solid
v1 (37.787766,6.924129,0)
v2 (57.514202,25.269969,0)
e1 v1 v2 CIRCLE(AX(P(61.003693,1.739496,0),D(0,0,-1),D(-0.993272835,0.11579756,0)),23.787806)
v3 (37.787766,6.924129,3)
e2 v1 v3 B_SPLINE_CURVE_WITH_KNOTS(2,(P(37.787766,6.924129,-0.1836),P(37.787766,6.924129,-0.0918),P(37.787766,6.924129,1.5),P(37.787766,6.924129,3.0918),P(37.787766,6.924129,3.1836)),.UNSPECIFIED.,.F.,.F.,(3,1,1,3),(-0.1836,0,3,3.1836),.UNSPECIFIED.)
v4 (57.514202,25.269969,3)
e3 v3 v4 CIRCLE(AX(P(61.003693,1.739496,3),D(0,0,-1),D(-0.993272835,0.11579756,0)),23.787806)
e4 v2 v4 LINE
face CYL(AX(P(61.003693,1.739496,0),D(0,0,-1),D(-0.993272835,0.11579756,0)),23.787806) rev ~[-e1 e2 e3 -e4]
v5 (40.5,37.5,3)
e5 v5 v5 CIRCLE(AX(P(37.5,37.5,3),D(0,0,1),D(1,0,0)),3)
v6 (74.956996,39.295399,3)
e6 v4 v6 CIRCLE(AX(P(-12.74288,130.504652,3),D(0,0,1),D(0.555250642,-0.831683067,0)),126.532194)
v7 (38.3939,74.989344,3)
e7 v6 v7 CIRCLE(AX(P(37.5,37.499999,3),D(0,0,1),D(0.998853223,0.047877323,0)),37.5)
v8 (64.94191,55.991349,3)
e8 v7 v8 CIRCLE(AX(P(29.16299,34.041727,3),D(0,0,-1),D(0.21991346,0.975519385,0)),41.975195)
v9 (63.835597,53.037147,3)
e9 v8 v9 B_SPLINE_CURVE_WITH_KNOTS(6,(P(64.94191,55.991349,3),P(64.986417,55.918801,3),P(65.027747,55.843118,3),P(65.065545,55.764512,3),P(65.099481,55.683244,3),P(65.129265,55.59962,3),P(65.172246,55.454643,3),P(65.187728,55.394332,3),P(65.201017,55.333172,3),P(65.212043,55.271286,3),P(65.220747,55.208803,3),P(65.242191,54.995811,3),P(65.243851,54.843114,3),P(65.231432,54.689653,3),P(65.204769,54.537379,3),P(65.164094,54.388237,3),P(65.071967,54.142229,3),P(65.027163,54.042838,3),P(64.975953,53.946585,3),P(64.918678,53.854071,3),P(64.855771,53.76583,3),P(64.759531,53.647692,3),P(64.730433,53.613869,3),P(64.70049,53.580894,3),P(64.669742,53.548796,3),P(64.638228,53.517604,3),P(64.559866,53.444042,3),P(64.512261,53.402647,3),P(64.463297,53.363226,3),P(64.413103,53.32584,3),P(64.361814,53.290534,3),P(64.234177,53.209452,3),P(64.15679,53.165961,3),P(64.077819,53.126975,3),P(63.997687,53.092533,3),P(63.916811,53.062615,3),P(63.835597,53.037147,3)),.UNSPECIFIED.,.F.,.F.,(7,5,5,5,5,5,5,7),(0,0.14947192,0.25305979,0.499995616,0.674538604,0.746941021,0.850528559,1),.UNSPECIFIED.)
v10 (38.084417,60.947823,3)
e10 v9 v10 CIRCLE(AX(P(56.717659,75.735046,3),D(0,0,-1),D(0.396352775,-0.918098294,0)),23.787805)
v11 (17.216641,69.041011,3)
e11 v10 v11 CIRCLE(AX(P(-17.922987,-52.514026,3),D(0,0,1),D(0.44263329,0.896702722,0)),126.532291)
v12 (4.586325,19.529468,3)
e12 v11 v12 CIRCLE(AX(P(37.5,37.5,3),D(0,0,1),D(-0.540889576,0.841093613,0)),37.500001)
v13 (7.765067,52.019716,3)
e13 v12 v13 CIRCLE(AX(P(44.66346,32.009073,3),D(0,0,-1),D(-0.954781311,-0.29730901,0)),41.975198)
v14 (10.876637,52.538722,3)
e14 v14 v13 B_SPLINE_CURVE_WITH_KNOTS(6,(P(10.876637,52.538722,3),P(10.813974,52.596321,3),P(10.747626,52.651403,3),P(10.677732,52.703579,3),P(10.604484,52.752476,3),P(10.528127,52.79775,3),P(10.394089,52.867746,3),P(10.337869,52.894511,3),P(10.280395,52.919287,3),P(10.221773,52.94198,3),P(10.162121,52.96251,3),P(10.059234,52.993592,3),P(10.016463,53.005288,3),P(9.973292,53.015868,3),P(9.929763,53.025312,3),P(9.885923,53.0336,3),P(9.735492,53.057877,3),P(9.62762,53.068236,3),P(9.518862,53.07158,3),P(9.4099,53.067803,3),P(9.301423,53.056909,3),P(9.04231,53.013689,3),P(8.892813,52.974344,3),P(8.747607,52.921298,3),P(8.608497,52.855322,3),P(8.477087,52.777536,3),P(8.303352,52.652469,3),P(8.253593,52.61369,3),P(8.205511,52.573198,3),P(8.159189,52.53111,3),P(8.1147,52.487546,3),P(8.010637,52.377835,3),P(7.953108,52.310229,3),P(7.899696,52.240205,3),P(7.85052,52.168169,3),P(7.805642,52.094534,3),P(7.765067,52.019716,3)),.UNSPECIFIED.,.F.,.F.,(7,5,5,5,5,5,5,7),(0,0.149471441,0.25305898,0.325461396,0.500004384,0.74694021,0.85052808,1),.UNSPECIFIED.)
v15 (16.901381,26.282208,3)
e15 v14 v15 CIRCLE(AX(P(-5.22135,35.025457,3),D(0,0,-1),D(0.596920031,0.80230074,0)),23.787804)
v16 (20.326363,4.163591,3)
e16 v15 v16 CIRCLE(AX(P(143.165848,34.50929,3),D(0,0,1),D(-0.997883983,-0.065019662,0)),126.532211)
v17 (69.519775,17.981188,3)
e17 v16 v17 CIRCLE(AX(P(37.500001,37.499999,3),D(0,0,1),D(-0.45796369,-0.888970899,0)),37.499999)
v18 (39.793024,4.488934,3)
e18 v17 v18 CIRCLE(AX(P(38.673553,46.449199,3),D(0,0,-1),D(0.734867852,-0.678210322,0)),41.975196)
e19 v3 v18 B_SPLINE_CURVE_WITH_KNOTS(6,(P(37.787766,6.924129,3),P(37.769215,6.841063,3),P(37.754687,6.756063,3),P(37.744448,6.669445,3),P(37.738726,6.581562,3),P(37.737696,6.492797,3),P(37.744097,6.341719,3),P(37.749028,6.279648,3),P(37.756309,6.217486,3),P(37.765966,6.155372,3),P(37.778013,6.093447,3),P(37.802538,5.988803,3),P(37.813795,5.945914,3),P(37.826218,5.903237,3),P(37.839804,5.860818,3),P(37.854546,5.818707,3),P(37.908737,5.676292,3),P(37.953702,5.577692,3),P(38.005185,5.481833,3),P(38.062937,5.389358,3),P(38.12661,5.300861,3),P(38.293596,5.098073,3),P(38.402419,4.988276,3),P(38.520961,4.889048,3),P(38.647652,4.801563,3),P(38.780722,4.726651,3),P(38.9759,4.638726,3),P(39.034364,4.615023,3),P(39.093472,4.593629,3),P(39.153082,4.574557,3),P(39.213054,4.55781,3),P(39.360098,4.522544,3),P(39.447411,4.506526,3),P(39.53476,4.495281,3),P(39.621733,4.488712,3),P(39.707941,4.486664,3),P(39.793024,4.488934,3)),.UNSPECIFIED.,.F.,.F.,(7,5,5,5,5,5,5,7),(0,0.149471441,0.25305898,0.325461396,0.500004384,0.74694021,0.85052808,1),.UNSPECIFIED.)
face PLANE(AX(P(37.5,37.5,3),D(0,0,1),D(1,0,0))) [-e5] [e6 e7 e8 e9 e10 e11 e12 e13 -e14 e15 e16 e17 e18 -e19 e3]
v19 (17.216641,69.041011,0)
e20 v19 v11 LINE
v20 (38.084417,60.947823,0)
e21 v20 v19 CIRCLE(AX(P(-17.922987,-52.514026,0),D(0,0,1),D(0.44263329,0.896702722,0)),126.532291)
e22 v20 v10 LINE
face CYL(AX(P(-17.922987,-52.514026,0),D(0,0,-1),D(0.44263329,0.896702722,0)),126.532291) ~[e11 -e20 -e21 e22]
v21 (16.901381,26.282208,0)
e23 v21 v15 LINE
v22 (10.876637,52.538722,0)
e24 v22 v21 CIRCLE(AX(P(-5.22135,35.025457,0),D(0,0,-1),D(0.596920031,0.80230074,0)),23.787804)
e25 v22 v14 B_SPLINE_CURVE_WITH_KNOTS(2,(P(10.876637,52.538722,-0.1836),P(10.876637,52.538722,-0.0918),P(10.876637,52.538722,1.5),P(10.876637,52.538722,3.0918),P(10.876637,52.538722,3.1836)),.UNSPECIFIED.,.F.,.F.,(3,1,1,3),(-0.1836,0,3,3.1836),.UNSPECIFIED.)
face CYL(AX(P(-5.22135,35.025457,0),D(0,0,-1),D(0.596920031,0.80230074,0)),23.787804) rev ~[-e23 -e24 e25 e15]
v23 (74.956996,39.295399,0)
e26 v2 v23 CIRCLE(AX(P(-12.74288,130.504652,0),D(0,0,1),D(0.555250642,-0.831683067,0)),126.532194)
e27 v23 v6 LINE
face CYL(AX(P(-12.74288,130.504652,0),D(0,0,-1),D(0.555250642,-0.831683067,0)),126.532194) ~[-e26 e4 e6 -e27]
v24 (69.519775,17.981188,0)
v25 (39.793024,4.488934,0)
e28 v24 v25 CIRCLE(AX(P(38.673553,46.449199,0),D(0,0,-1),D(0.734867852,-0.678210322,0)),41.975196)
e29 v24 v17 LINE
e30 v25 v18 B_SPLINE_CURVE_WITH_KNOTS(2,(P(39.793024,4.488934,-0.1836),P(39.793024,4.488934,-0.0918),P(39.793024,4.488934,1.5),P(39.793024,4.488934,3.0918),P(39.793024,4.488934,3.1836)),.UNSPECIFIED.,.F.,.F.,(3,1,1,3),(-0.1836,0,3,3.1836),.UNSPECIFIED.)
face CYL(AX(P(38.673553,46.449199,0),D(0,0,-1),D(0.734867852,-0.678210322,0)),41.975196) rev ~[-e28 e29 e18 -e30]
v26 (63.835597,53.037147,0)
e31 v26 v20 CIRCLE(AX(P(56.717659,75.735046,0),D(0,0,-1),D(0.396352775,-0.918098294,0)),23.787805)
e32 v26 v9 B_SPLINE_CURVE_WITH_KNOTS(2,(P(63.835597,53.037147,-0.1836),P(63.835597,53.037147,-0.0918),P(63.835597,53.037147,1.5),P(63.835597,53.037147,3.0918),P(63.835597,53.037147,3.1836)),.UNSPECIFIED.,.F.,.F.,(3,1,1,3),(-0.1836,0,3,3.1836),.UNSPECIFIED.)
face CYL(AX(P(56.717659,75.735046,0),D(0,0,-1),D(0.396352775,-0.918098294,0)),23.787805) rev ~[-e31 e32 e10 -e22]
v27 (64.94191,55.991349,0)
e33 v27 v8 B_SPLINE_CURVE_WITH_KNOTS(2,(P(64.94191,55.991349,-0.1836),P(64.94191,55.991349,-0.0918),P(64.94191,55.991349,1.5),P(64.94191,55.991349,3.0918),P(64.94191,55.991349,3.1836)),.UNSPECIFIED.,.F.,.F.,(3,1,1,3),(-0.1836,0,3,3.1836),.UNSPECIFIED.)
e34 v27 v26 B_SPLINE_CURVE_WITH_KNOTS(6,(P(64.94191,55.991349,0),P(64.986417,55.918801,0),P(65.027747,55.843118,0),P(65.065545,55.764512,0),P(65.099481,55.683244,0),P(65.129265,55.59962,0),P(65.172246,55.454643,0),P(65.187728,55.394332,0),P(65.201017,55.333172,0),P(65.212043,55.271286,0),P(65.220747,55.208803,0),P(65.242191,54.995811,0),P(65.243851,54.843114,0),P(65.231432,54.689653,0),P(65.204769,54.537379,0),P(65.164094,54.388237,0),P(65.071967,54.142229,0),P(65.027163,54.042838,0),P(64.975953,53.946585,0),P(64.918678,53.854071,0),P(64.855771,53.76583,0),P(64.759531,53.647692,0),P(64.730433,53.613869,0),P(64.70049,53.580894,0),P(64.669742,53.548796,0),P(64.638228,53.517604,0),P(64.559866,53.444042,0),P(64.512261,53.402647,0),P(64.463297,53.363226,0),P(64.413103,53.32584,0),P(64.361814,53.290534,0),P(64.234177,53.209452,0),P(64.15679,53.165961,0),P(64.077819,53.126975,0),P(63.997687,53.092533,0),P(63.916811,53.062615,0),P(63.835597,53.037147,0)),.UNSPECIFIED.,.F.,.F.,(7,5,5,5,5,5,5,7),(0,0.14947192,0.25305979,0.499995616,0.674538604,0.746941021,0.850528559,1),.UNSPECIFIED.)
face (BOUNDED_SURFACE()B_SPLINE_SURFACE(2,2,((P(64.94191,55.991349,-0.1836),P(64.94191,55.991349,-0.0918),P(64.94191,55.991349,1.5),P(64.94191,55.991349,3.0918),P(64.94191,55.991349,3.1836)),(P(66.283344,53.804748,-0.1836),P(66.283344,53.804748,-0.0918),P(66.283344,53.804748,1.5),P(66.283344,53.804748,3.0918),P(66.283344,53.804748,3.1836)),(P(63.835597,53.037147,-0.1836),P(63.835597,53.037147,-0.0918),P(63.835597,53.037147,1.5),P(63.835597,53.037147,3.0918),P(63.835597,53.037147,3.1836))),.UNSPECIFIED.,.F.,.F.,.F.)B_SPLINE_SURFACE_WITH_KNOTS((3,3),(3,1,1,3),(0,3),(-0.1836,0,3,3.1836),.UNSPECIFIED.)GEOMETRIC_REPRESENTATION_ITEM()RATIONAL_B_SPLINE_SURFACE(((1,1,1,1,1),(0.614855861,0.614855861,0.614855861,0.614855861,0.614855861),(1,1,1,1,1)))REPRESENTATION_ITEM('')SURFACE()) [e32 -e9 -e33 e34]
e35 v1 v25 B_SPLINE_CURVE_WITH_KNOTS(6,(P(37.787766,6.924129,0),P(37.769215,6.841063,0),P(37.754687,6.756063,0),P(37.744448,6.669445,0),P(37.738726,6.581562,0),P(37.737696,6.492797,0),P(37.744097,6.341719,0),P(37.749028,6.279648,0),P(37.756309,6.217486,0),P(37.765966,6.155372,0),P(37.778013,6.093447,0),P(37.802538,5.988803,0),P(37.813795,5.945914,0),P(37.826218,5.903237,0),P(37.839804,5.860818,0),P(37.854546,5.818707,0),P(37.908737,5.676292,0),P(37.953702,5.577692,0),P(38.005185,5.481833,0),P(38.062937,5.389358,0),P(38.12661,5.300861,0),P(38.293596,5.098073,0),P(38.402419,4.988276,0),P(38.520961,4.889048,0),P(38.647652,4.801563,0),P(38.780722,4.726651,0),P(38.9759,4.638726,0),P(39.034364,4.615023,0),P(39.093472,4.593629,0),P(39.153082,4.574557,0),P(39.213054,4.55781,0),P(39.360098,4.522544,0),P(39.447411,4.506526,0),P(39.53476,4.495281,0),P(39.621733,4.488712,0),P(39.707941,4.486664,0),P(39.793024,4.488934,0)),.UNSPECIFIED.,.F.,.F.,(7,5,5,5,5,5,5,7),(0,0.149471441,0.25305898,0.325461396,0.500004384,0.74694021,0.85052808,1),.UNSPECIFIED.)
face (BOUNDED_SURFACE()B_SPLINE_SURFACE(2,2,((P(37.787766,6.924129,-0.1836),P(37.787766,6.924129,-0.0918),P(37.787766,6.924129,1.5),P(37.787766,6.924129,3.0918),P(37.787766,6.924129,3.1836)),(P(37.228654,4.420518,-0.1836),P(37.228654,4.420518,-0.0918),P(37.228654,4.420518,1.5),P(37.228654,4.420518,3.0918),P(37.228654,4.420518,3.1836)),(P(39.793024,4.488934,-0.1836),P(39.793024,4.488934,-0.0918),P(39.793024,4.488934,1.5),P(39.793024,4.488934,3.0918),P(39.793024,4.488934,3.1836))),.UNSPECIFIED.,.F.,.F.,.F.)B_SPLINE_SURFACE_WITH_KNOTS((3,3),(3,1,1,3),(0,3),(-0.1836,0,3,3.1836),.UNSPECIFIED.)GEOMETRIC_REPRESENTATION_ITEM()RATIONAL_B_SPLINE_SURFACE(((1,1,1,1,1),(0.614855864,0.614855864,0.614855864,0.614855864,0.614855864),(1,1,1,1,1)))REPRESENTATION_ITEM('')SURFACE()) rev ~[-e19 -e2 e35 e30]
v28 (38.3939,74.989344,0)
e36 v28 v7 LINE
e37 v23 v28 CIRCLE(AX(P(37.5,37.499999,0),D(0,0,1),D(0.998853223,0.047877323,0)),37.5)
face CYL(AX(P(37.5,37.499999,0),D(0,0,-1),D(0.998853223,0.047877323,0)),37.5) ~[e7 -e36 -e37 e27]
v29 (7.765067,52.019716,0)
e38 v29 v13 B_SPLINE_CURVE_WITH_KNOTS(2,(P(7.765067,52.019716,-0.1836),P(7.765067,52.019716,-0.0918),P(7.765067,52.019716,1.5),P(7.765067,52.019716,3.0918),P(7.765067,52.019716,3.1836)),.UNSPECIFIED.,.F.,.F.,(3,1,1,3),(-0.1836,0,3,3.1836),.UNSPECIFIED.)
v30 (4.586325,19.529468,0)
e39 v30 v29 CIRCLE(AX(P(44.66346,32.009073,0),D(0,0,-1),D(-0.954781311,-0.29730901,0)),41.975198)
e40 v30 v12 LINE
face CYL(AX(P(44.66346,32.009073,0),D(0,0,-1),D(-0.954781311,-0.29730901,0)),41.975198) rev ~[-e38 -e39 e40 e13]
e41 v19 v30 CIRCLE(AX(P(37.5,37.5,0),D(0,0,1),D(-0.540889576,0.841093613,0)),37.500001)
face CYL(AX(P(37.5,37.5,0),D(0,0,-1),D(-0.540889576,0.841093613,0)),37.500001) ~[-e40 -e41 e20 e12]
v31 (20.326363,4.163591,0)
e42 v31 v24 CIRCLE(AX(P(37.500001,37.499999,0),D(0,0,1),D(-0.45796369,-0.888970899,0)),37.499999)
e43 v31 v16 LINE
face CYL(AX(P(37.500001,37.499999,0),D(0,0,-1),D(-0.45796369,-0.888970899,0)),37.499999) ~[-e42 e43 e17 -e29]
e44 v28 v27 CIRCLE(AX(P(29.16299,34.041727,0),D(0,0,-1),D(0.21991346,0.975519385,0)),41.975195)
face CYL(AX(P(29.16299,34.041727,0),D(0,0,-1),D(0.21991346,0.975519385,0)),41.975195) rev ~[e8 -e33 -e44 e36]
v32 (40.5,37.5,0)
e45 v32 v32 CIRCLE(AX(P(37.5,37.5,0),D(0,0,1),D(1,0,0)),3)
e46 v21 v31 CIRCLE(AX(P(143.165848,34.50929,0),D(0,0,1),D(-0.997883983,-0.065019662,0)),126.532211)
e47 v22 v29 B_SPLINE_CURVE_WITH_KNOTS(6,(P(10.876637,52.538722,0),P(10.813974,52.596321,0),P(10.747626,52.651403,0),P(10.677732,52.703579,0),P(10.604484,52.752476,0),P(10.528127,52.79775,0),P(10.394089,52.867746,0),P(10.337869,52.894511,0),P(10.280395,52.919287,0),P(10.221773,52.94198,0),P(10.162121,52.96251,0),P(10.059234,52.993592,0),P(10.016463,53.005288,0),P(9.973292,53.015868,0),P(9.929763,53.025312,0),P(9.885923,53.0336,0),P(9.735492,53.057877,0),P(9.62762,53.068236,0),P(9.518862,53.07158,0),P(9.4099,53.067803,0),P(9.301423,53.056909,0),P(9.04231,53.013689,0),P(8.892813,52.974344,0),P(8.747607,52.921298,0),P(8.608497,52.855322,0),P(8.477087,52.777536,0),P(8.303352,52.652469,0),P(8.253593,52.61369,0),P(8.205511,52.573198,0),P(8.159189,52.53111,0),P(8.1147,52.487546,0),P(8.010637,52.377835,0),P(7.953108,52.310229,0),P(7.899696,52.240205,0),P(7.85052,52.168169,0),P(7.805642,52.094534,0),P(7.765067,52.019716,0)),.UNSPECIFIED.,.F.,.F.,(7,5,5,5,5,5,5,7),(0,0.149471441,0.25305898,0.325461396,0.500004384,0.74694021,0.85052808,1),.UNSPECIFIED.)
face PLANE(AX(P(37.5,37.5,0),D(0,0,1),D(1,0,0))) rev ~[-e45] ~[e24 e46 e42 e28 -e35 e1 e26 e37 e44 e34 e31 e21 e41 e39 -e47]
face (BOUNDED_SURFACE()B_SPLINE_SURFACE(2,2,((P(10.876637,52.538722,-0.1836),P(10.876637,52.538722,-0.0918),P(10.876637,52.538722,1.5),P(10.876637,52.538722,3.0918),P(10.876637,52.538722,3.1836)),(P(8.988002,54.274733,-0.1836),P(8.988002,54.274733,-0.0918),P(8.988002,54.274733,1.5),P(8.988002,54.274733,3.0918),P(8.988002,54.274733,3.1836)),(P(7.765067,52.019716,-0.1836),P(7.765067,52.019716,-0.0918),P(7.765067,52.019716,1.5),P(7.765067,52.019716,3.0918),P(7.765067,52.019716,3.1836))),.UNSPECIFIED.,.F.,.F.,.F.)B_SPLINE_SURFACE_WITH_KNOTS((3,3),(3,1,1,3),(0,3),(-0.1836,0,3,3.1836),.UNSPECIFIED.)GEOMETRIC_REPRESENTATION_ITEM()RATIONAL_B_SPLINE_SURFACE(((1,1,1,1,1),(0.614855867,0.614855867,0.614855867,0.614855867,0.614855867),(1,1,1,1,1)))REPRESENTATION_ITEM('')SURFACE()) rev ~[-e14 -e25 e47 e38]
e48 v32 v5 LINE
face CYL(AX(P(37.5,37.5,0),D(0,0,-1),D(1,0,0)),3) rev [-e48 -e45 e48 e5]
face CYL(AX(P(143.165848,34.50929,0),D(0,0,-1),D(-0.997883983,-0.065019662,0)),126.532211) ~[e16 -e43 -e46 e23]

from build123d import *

# Parameters (mm, degrees)
F0_R     = 3
F1_DEPTH = 3
F2_R     = 2
F3_R     = 2


with BuildPart() as f1:
    # F0 (on Top) → F1 (new body)
    with BuildSketch(Plane.XY):
        with BuildLine():
            ThreePointArc((57.514202, 25.269969), (66.546327, 31.896246), (74.956996, 39.295399))
            ThreePointArc((74.956996, 39.295399), (63.695653, 64.333519), (38.3939, 74.989344))
            ThreePointArc((38.3939, 74.989344), (54.563179, 67.459498), (66.146021, 53.895503))
            ThreePointArc((66.146021, 53.895503), (50.919706, 52.664645), (38.084417, 60.947823))
            ThreePointArc((38.084417, 60.947823), (27.82983, 65.456734), (17.216641, 69.041011))
            ThreePointArc((17.216641, 69.041011), (1.163664, 46.769342), (4.586325, 19.529468))
            ThreePointArc((4.586325, 19.529468), (3.022724, 37.297398), (8.978067, 54.11043))
            ThreePointArc((8.978067, 54.11043), (17.657179, 41.539484), (16.901381, 26.282208))
            ThreePointArc((16.901381, 26.282208), (18.123843, 15.14702), (20.326363, 4.163591))
            ThreePointArc((20.326363, 4.163591), (47.640683, 1.397139), (69.519775, 17.981188))
            ThreePointArc((69.519775, 17.981188), (54.914097, 7.743104), (37.375912, 4.494066))
            ThreePointArc((37.375912, 4.494066), (43.923115, 18.295871), (57.514202, 25.269969))
        make_face()
        with Locations((37.5, 37.5)):
            Circle(F0_R, mode=Mode.SUBTRACT)
    extrude(amount=F1_DEPTH)

    # F2
    f2_edges = [f1.edges().sort_by_distance(p)[0] for p in [
        (37.375912, 4.494066, 1.5),
    ]]
    fillet(f2_edges, radius=F2_R)

    # F3
    f3_edges = [f1.edges().sort_by_distance(p)[0] for p in [
        (66.146021, 53.895503, 1.5),
        (8.978067, 54.11043, 1.5),
    ]]
    fillet(f3_edges, radius=F3_R)


solid = f1.part
